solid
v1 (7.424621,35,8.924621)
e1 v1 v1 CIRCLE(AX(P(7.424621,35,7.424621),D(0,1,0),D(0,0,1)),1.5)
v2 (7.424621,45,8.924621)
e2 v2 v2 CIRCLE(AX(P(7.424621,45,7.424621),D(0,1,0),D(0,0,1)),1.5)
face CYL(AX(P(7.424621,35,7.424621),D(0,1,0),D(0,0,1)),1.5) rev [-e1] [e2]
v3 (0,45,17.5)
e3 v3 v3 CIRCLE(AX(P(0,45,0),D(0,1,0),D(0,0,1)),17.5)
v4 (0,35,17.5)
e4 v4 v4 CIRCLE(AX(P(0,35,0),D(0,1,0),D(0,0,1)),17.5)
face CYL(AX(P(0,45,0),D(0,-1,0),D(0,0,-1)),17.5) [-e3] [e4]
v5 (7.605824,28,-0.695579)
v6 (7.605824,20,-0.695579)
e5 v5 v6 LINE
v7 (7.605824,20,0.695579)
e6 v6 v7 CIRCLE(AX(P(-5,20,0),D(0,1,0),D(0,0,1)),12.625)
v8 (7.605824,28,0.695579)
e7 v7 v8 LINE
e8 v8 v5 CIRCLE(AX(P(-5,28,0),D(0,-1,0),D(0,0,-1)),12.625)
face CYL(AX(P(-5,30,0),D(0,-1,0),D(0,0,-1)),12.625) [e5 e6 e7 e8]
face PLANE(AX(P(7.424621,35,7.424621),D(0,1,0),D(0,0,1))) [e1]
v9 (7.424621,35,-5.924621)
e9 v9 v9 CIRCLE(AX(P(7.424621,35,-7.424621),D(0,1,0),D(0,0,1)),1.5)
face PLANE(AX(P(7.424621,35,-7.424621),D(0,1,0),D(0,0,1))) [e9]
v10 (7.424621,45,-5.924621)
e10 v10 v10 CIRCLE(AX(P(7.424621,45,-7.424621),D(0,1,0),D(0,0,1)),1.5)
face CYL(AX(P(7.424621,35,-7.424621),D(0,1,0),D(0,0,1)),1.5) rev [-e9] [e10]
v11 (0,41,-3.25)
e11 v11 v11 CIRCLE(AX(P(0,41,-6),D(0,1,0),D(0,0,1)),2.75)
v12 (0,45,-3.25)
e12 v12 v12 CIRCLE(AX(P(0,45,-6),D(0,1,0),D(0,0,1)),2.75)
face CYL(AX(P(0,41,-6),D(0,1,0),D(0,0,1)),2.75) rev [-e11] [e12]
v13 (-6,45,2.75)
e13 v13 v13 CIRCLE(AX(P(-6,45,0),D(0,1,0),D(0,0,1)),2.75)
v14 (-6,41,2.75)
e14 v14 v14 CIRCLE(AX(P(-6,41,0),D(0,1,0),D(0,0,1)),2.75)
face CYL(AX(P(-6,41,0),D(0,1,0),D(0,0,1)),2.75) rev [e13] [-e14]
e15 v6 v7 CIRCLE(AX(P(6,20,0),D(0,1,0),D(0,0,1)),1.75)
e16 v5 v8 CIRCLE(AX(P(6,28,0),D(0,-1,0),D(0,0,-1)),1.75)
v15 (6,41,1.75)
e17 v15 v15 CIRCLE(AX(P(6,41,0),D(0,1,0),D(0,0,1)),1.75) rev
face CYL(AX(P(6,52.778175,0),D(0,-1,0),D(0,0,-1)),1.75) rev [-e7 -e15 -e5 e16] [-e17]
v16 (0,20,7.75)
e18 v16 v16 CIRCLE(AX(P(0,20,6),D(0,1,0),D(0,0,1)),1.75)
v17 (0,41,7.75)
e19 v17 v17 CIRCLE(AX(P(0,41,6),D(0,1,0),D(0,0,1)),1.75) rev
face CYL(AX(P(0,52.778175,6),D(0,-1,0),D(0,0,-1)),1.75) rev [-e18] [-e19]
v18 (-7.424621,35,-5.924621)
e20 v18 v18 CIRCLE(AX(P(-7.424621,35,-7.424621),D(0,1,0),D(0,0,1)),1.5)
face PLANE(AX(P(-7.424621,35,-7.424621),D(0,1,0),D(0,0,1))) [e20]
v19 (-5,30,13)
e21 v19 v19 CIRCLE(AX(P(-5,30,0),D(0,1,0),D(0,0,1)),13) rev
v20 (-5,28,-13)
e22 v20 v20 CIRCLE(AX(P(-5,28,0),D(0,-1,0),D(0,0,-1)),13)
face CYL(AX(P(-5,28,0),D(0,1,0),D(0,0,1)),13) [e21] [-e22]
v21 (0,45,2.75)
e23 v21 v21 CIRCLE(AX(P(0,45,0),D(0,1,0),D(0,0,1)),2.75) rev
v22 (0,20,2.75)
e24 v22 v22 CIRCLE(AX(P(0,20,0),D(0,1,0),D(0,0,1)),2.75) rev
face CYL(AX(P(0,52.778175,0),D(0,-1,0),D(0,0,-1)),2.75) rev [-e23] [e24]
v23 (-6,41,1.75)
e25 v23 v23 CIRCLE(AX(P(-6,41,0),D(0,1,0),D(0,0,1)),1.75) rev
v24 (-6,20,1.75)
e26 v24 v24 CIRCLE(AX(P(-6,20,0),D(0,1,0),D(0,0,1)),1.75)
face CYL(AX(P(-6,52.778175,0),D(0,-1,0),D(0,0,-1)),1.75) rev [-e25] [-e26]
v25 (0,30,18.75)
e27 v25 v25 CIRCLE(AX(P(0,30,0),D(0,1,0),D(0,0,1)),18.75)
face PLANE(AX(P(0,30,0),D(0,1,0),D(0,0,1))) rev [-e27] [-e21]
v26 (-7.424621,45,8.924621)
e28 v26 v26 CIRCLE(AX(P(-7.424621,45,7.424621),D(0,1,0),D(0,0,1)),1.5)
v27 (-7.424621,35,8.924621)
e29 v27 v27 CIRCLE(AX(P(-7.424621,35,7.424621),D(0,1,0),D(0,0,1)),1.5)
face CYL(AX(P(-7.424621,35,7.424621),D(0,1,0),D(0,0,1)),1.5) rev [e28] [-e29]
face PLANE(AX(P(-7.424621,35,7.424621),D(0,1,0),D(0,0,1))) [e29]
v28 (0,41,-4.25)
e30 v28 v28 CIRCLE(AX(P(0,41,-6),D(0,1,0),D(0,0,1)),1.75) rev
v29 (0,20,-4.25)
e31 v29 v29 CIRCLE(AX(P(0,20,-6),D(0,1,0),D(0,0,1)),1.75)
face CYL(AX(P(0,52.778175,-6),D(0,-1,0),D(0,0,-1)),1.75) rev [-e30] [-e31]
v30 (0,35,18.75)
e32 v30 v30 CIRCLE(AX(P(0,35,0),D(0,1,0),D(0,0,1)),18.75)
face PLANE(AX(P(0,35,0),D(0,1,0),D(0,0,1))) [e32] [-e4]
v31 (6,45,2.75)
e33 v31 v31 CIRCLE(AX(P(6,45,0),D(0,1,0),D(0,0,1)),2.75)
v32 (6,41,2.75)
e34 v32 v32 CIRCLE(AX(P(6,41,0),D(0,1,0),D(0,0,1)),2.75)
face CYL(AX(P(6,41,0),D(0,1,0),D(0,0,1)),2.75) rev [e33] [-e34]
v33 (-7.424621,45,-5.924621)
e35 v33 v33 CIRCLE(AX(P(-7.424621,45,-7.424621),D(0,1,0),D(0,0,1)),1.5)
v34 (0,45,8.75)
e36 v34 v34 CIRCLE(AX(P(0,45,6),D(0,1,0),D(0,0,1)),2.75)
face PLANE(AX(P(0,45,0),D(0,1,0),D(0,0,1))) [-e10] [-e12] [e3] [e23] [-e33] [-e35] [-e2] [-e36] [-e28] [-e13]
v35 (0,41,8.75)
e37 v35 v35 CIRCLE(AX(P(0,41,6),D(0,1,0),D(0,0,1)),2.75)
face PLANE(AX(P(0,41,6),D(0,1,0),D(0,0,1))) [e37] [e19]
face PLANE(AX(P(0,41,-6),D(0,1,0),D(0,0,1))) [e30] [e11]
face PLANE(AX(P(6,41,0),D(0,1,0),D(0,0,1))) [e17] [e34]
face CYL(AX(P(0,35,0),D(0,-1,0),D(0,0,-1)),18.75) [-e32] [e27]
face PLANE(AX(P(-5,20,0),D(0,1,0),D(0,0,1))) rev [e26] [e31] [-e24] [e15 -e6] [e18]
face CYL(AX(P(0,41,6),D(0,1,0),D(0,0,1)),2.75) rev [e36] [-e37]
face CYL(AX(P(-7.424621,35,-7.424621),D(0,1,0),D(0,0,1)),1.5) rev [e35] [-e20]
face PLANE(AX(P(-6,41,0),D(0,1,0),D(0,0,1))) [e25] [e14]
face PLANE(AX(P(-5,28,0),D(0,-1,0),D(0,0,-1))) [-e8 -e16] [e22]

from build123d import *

# Parameters (mm, degrees)
SKETCH1_R                = 15
BOSS_EXTRUDE1_DEPTH      = 5
SKETCH2_R                = 12.6
BOSS_EXTRUDE2_DEPTH      = 10
SKETCH3_R                = 7.5
BOSS_EXTRUDE3_DEPTH      = 5
SKETCH4_R                = 12.625
BOSS_EXTRUDE4_DEPTH      = 10
SKETCH8_R                = 18.75
BOSS_EXTRUDE5_DEPTH      = 5
SKETCH10_R               = 17.5
BOSS_EXTRUDE7_DEPTH      = 10
SKETCH11_R               = 17.65
BOSS_EXTRUDE8_DEPTH      = 10
CUT_EXTRUDE1_REACH       = 63.058
SKETCH12_R               = 1.75
SKETCH12_R_2             = 2.75
CUT_EXTRUDE12_DEPTH      = 53.231456039
CUT_EXTRUDE12_DEPTH_BACK = 53.231456039
SKETCH27_W               = 40.004352786
SKETCH27_H               = 30
BOSS_EXTRUDE11_START     = 2
SKETCH30_R               = 13
SKETCH30_R_2             = 1.75
SKETCH30_R_3             = 2.75
BOSS_EXTRUDE11_DEPTH     = 2
SKETCH31_R               = 1.5
CUT_EXTRUDE13_DEPTH      = 10
SKETCH32_R               = 2.75
CUT_EXTRUDE14_DEPTH      = 4


with BuildPart() as part:
    # Sketch1 → Boss-Extrude1 (new body)
    with BuildSketch(Plane(origin=(0, 0, 0), x_dir=(1, 0, 0), z_dir=(0, 1, 0))):
        with Locations(Location((0, 0, 0), (0, 0, 270))):
            Circle(SKETCH1_R)
    extrude(amount=BOSS_EXTRUDE1_DEPTH)

    # Sketch2 → Boss-Extrude2 (add)
    with BuildSketch(Plane(origin=(0, 5, 0), x_dir=(1, 0, 0), z_dir=(0, 1, 0))):
        with Locations(Location((5, 0, 0), (0, 0, 70.894925587))):
            Circle(SKETCH2_R)
    extrude(amount=BOSS_EXTRUDE2_DEPTH)

    # Sketch3 → Boss-Extrude3 (add)
    with BuildSketch(Plane(origin=(0, 15, 0), x_dir=(1, 0, 0), z_dir=(0, 1, 0))):
        with Locations(Location((0, 0, 0), (0, 0, 270))):
            Circle(SKETCH3_R)
    extrude(amount=BOSS_EXTRUDE3_DEPTH)

    # Sketch4 → Boss-Extrude4 (add)
    with BuildSketch(Plane(origin=(0, 20, 0), x_dir=(1, 0, 0), z_dir=(0, 1, 0))):
        with Locations(Location((-5, 0, 0), (0, 0, 270))):
            Circle(SKETCH4_R)
    extrude(amount=BOSS_EXTRUDE4_DEPTH)

    # Sketch8 → Boss-Extrude5 (add)
    with BuildSketch(Plane(origin=(0, 30, 0), x_dir=(1, 0, 0), z_dir=(0, 1, 0))):
        with Locations(Location((0, 0, 0), (0, 0, 270))):
            Circle(SKETCH8_R)
    extrude(amount=BOSS_EXTRUDE5_DEPTH)

    # Sketch10 → Boss-Extrude7 (add)
    with BuildSketch(Plane(origin=(0, 35, 0), x_dir=(1, 0, 0), z_dir=(0, 1, 0))):
        with Locations(Location((0, 0, 0), (0, 0, 270))):
            Circle(SKETCH10_R)
    extrude(amount=BOSS_EXTRUDE7_DEPTH)

    # Sketch11 → Boss-Extrude8 (add)
    with BuildSketch(Plane.XZ):
        with Locations(Location((0, 0, 0), (0, 0, 270))):
            Circle(SKETCH11_R)
    extrude(amount=BOSS_EXTRUDE8_DEPTH)

    # Cut-Extrude1: up to this face of the body (flat: up to its plane)
    cut_extrude1_end = Plane(part.part.faces().sort_by_distance((0, 45, 0))[0])
    # Sketch12 → Cut-Extrude1 (cut, up to the picked face)
    with BuildSketch(Plane.XZ.offset(10), mode=Mode.PRIVATE) as cut_extrude1_sk1:
        with Locations(Location((0, 6, 0), (0, 0, 270))):
            Circle(SKETCH12_R)
    cut_extrude1_tool1 = split(extrude(cut_extrude1_sk1.sketch, amount=-CUT_EXTRUDE1_REACH, mode=Mode.PRIVATE), bisect_by=cut_extrude1_end, keep=Keep.BOTH, mode=Mode.PRIVATE)
    # Sketch12 → Cut-Extrude1 (cut, up to the picked face)
    with BuildSketch(Plane.XZ.offset(10), mode=Mode.PRIVATE) as cut_extrude1_sk2:
        with Locations(Location((0, -6, 0), (0, 0, 270))):
            Circle(SKETCH12_R)
    cut_extrude1_tool2 = split(extrude(cut_extrude1_sk2.sketch, amount=-CUT_EXTRUDE1_REACH, mode=Mode.PRIVATE), bisect_by=cut_extrude1_end, keep=Keep.BOTH, mode=Mode.PRIVATE)
    # Sketch12 → Cut-Extrude1 (cut, up to the picked face)
    with BuildSketch(Plane.XZ.offset(10), mode=Mode.PRIVATE) as cut_extrude1_sk3:
        with Locations(Location((6, 0, 0), (0, 0, 270))):
            Circle(SKETCH12_R)
    cut_extrude1_tool3 = split(extrude(cut_extrude1_sk3.sketch, amount=-CUT_EXTRUDE1_REACH, mode=Mode.PRIVATE), bisect_by=cut_extrude1_end, keep=Keep.BOTH, mode=Mode.PRIVATE)
    # Sketch12 → Cut-Extrude1 (cut, up to the picked face)
    with BuildSketch(Plane.XZ.offset(10), mode=Mode.PRIVATE) as cut_extrude1_sk4:
        with Locations(Location((-6, 0, 0), (0, 0, 270))):
            Circle(SKETCH12_R)
    cut_extrude1_tool4 = split(extrude(cut_extrude1_sk4.sketch, amount=-CUT_EXTRUDE1_REACH, mode=Mode.PRIVATE), bisect_by=cut_extrude1_end, keep=Keep.BOTH, mode=Mode.PRIVATE)
    # Sketch12 → Cut-Extrude1 (cut, up to the picked face)
    with BuildSketch(Plane.XZ.offset(10), mode=Mode.PRIVATE) as cut_extrude1_sk5:
        with Locations(Location((0, 0, 0), (0, 0, 270))):
            Circle(SKETCH12_R_2)
    cut_extrude1_tool5 = split(extrude(cut_extrude1_sk5.sketch, amount=-CUT_EXTRUDE1_REACH, mode=Mode.PRIVATE), bisect_by=cut_extrude1_end, keep=Keep.BOTH, mode=Mode.PRIVATE)
    add(cut_extrude1_tool1.solids().sort_by(Axis((0, -10, 6), (0, 1, 0)))[0], mode=Mode.SUBTRACT)
    add(cut_extrude1_tool2.solids().sort_by(Axis((0, -10, -6), (0, 1, 0)))[0], mode=Mode.SUBTRACT)
    add(cut_extrude1_tool3.solids().sort_by(Axis((6, -10, 0), (0, 1, 0)))[0], mode=Mode.SUBTRACT)
    add(cut_extrude1_tool4.solids().sort_by(Axis((-6, -10, 0), (0, 1, 0)))[0], mode=Mode.SUBTRACT)
    add(cut_extrude1_tool5.solids().sort_by(Axis((0, -10, 0), (0, 1, 0)))[0], mode=Mode.SUBTRACT)

    # Sketch27 → Cut-Extrude12 (cut, two sides: drawn at the far end of the back side and taken through both)
    with BuildSketch(Plane(origin=(0, 0, 0), x_dir=(0, 0, -1), z_dir=(1, 0, 0)).offset(-CUT_EXTRUDE12_DEPTH_BACK)):
        with Locations((-0.026275673, 5)):
            Rectangle(SKETCH27_W, SKETCH27_H)
    extrude(amount=CUT_EXTRUDE12_DEPTH + CUT_EXTRUDE12_DEPTH_BACK, mode=Mode.SUBTRACT)

    # Sketch30 → Boss-Extrude11 (add)
    with BuildSketch(Plane.XZ.offset(-30).offset(BOSS_EXTRUDE11_START)):
        with Locations(Location((-5, 0, 0), (0, 0, 90))):
            Circle(SKETCH30_R)
        with Locations(Location((0, -6, 0), (0, 0, 90))):
            Circle(SKETCH30_R_2, mode=Mode.SUBTRACT)
        with Locations(Location((-6, 0, 0), (0, 0, 90))):
            Circle(SKETCH30_R_2, mode=Mode.SUBTRACT)
        with Locations(Location((0, 6, 0), (0, 0, 90))):
            Circle(SKETCH30_R_2, mode=Mode.SUBTRACT)
        with Locations(Location((6, 0, 0), (0, 0, 336.579668072))):
            Circle(SKETCH30_R_2, mode=Mode.SUBTRACT)
        with Locations(Location((0, 0, 0), (0, 0, 90))):
            Circle(SKETCH30_R_3, mode=Mode.SUBTRACT)
    extrude(amount=-BOSS_EXTRUDE11_DEPTH)

    # Sketch31 → Cut-Extrude13 (cut)
    with BuildSketch(Plane(origin=(0, 45, 0), x_dir=(1, 0, 0), z_dir=(0, 1, 0))):
        with Locations(Location((-7.424621202, 7.424621202, 0), (0, 0, 270))):
            Circle(SKETCH31_R)
        with Locations(Location((7.424621202, 7.424621202, 0), (0, 0, 270))):
            Circle(SKETCH31_R)
        with Locations(Location((7.424621202, -7.424621202, 0), (0, 0, 270))):
            Circle(SKETCH31_R)
        with Locations(Location((-7.424621202, -7.424621202, 0), (0, 0, 270))):
            Circle(SKETCH31_R)
    extrude(amount=-CUT_EXTRUDE13_DEPTH, mode=Mode.SUBTRACT)

    # Sketch32 → Cut-Extrude14 (cut)
    with BuildSketch(Plane(origin=(0, 45, 0), x_dir=(1, 0, 0), z_dir=(0, 1, 0))):
        with Locations(Location((-6, 0, 0), (0, 0, 270))):
            Circle(SKETCH32_R)
        with Locations(Location((0, 6, 0), (0, 0, 270))):
            Circle(SKETCH32_R)
        with Locations(Location((6, 0, 0), (0, 0, 270))):
            Circle(SKETCH32_R)
        with Locations(Location((0, -6, 0), (0, 0, 270))):
            Circle(SKETCH32_R)
    extrude(amount=-CUT_EXTRUDE14_DEPTH, mode=Mode.SUBTRACT)


solid = part.part
